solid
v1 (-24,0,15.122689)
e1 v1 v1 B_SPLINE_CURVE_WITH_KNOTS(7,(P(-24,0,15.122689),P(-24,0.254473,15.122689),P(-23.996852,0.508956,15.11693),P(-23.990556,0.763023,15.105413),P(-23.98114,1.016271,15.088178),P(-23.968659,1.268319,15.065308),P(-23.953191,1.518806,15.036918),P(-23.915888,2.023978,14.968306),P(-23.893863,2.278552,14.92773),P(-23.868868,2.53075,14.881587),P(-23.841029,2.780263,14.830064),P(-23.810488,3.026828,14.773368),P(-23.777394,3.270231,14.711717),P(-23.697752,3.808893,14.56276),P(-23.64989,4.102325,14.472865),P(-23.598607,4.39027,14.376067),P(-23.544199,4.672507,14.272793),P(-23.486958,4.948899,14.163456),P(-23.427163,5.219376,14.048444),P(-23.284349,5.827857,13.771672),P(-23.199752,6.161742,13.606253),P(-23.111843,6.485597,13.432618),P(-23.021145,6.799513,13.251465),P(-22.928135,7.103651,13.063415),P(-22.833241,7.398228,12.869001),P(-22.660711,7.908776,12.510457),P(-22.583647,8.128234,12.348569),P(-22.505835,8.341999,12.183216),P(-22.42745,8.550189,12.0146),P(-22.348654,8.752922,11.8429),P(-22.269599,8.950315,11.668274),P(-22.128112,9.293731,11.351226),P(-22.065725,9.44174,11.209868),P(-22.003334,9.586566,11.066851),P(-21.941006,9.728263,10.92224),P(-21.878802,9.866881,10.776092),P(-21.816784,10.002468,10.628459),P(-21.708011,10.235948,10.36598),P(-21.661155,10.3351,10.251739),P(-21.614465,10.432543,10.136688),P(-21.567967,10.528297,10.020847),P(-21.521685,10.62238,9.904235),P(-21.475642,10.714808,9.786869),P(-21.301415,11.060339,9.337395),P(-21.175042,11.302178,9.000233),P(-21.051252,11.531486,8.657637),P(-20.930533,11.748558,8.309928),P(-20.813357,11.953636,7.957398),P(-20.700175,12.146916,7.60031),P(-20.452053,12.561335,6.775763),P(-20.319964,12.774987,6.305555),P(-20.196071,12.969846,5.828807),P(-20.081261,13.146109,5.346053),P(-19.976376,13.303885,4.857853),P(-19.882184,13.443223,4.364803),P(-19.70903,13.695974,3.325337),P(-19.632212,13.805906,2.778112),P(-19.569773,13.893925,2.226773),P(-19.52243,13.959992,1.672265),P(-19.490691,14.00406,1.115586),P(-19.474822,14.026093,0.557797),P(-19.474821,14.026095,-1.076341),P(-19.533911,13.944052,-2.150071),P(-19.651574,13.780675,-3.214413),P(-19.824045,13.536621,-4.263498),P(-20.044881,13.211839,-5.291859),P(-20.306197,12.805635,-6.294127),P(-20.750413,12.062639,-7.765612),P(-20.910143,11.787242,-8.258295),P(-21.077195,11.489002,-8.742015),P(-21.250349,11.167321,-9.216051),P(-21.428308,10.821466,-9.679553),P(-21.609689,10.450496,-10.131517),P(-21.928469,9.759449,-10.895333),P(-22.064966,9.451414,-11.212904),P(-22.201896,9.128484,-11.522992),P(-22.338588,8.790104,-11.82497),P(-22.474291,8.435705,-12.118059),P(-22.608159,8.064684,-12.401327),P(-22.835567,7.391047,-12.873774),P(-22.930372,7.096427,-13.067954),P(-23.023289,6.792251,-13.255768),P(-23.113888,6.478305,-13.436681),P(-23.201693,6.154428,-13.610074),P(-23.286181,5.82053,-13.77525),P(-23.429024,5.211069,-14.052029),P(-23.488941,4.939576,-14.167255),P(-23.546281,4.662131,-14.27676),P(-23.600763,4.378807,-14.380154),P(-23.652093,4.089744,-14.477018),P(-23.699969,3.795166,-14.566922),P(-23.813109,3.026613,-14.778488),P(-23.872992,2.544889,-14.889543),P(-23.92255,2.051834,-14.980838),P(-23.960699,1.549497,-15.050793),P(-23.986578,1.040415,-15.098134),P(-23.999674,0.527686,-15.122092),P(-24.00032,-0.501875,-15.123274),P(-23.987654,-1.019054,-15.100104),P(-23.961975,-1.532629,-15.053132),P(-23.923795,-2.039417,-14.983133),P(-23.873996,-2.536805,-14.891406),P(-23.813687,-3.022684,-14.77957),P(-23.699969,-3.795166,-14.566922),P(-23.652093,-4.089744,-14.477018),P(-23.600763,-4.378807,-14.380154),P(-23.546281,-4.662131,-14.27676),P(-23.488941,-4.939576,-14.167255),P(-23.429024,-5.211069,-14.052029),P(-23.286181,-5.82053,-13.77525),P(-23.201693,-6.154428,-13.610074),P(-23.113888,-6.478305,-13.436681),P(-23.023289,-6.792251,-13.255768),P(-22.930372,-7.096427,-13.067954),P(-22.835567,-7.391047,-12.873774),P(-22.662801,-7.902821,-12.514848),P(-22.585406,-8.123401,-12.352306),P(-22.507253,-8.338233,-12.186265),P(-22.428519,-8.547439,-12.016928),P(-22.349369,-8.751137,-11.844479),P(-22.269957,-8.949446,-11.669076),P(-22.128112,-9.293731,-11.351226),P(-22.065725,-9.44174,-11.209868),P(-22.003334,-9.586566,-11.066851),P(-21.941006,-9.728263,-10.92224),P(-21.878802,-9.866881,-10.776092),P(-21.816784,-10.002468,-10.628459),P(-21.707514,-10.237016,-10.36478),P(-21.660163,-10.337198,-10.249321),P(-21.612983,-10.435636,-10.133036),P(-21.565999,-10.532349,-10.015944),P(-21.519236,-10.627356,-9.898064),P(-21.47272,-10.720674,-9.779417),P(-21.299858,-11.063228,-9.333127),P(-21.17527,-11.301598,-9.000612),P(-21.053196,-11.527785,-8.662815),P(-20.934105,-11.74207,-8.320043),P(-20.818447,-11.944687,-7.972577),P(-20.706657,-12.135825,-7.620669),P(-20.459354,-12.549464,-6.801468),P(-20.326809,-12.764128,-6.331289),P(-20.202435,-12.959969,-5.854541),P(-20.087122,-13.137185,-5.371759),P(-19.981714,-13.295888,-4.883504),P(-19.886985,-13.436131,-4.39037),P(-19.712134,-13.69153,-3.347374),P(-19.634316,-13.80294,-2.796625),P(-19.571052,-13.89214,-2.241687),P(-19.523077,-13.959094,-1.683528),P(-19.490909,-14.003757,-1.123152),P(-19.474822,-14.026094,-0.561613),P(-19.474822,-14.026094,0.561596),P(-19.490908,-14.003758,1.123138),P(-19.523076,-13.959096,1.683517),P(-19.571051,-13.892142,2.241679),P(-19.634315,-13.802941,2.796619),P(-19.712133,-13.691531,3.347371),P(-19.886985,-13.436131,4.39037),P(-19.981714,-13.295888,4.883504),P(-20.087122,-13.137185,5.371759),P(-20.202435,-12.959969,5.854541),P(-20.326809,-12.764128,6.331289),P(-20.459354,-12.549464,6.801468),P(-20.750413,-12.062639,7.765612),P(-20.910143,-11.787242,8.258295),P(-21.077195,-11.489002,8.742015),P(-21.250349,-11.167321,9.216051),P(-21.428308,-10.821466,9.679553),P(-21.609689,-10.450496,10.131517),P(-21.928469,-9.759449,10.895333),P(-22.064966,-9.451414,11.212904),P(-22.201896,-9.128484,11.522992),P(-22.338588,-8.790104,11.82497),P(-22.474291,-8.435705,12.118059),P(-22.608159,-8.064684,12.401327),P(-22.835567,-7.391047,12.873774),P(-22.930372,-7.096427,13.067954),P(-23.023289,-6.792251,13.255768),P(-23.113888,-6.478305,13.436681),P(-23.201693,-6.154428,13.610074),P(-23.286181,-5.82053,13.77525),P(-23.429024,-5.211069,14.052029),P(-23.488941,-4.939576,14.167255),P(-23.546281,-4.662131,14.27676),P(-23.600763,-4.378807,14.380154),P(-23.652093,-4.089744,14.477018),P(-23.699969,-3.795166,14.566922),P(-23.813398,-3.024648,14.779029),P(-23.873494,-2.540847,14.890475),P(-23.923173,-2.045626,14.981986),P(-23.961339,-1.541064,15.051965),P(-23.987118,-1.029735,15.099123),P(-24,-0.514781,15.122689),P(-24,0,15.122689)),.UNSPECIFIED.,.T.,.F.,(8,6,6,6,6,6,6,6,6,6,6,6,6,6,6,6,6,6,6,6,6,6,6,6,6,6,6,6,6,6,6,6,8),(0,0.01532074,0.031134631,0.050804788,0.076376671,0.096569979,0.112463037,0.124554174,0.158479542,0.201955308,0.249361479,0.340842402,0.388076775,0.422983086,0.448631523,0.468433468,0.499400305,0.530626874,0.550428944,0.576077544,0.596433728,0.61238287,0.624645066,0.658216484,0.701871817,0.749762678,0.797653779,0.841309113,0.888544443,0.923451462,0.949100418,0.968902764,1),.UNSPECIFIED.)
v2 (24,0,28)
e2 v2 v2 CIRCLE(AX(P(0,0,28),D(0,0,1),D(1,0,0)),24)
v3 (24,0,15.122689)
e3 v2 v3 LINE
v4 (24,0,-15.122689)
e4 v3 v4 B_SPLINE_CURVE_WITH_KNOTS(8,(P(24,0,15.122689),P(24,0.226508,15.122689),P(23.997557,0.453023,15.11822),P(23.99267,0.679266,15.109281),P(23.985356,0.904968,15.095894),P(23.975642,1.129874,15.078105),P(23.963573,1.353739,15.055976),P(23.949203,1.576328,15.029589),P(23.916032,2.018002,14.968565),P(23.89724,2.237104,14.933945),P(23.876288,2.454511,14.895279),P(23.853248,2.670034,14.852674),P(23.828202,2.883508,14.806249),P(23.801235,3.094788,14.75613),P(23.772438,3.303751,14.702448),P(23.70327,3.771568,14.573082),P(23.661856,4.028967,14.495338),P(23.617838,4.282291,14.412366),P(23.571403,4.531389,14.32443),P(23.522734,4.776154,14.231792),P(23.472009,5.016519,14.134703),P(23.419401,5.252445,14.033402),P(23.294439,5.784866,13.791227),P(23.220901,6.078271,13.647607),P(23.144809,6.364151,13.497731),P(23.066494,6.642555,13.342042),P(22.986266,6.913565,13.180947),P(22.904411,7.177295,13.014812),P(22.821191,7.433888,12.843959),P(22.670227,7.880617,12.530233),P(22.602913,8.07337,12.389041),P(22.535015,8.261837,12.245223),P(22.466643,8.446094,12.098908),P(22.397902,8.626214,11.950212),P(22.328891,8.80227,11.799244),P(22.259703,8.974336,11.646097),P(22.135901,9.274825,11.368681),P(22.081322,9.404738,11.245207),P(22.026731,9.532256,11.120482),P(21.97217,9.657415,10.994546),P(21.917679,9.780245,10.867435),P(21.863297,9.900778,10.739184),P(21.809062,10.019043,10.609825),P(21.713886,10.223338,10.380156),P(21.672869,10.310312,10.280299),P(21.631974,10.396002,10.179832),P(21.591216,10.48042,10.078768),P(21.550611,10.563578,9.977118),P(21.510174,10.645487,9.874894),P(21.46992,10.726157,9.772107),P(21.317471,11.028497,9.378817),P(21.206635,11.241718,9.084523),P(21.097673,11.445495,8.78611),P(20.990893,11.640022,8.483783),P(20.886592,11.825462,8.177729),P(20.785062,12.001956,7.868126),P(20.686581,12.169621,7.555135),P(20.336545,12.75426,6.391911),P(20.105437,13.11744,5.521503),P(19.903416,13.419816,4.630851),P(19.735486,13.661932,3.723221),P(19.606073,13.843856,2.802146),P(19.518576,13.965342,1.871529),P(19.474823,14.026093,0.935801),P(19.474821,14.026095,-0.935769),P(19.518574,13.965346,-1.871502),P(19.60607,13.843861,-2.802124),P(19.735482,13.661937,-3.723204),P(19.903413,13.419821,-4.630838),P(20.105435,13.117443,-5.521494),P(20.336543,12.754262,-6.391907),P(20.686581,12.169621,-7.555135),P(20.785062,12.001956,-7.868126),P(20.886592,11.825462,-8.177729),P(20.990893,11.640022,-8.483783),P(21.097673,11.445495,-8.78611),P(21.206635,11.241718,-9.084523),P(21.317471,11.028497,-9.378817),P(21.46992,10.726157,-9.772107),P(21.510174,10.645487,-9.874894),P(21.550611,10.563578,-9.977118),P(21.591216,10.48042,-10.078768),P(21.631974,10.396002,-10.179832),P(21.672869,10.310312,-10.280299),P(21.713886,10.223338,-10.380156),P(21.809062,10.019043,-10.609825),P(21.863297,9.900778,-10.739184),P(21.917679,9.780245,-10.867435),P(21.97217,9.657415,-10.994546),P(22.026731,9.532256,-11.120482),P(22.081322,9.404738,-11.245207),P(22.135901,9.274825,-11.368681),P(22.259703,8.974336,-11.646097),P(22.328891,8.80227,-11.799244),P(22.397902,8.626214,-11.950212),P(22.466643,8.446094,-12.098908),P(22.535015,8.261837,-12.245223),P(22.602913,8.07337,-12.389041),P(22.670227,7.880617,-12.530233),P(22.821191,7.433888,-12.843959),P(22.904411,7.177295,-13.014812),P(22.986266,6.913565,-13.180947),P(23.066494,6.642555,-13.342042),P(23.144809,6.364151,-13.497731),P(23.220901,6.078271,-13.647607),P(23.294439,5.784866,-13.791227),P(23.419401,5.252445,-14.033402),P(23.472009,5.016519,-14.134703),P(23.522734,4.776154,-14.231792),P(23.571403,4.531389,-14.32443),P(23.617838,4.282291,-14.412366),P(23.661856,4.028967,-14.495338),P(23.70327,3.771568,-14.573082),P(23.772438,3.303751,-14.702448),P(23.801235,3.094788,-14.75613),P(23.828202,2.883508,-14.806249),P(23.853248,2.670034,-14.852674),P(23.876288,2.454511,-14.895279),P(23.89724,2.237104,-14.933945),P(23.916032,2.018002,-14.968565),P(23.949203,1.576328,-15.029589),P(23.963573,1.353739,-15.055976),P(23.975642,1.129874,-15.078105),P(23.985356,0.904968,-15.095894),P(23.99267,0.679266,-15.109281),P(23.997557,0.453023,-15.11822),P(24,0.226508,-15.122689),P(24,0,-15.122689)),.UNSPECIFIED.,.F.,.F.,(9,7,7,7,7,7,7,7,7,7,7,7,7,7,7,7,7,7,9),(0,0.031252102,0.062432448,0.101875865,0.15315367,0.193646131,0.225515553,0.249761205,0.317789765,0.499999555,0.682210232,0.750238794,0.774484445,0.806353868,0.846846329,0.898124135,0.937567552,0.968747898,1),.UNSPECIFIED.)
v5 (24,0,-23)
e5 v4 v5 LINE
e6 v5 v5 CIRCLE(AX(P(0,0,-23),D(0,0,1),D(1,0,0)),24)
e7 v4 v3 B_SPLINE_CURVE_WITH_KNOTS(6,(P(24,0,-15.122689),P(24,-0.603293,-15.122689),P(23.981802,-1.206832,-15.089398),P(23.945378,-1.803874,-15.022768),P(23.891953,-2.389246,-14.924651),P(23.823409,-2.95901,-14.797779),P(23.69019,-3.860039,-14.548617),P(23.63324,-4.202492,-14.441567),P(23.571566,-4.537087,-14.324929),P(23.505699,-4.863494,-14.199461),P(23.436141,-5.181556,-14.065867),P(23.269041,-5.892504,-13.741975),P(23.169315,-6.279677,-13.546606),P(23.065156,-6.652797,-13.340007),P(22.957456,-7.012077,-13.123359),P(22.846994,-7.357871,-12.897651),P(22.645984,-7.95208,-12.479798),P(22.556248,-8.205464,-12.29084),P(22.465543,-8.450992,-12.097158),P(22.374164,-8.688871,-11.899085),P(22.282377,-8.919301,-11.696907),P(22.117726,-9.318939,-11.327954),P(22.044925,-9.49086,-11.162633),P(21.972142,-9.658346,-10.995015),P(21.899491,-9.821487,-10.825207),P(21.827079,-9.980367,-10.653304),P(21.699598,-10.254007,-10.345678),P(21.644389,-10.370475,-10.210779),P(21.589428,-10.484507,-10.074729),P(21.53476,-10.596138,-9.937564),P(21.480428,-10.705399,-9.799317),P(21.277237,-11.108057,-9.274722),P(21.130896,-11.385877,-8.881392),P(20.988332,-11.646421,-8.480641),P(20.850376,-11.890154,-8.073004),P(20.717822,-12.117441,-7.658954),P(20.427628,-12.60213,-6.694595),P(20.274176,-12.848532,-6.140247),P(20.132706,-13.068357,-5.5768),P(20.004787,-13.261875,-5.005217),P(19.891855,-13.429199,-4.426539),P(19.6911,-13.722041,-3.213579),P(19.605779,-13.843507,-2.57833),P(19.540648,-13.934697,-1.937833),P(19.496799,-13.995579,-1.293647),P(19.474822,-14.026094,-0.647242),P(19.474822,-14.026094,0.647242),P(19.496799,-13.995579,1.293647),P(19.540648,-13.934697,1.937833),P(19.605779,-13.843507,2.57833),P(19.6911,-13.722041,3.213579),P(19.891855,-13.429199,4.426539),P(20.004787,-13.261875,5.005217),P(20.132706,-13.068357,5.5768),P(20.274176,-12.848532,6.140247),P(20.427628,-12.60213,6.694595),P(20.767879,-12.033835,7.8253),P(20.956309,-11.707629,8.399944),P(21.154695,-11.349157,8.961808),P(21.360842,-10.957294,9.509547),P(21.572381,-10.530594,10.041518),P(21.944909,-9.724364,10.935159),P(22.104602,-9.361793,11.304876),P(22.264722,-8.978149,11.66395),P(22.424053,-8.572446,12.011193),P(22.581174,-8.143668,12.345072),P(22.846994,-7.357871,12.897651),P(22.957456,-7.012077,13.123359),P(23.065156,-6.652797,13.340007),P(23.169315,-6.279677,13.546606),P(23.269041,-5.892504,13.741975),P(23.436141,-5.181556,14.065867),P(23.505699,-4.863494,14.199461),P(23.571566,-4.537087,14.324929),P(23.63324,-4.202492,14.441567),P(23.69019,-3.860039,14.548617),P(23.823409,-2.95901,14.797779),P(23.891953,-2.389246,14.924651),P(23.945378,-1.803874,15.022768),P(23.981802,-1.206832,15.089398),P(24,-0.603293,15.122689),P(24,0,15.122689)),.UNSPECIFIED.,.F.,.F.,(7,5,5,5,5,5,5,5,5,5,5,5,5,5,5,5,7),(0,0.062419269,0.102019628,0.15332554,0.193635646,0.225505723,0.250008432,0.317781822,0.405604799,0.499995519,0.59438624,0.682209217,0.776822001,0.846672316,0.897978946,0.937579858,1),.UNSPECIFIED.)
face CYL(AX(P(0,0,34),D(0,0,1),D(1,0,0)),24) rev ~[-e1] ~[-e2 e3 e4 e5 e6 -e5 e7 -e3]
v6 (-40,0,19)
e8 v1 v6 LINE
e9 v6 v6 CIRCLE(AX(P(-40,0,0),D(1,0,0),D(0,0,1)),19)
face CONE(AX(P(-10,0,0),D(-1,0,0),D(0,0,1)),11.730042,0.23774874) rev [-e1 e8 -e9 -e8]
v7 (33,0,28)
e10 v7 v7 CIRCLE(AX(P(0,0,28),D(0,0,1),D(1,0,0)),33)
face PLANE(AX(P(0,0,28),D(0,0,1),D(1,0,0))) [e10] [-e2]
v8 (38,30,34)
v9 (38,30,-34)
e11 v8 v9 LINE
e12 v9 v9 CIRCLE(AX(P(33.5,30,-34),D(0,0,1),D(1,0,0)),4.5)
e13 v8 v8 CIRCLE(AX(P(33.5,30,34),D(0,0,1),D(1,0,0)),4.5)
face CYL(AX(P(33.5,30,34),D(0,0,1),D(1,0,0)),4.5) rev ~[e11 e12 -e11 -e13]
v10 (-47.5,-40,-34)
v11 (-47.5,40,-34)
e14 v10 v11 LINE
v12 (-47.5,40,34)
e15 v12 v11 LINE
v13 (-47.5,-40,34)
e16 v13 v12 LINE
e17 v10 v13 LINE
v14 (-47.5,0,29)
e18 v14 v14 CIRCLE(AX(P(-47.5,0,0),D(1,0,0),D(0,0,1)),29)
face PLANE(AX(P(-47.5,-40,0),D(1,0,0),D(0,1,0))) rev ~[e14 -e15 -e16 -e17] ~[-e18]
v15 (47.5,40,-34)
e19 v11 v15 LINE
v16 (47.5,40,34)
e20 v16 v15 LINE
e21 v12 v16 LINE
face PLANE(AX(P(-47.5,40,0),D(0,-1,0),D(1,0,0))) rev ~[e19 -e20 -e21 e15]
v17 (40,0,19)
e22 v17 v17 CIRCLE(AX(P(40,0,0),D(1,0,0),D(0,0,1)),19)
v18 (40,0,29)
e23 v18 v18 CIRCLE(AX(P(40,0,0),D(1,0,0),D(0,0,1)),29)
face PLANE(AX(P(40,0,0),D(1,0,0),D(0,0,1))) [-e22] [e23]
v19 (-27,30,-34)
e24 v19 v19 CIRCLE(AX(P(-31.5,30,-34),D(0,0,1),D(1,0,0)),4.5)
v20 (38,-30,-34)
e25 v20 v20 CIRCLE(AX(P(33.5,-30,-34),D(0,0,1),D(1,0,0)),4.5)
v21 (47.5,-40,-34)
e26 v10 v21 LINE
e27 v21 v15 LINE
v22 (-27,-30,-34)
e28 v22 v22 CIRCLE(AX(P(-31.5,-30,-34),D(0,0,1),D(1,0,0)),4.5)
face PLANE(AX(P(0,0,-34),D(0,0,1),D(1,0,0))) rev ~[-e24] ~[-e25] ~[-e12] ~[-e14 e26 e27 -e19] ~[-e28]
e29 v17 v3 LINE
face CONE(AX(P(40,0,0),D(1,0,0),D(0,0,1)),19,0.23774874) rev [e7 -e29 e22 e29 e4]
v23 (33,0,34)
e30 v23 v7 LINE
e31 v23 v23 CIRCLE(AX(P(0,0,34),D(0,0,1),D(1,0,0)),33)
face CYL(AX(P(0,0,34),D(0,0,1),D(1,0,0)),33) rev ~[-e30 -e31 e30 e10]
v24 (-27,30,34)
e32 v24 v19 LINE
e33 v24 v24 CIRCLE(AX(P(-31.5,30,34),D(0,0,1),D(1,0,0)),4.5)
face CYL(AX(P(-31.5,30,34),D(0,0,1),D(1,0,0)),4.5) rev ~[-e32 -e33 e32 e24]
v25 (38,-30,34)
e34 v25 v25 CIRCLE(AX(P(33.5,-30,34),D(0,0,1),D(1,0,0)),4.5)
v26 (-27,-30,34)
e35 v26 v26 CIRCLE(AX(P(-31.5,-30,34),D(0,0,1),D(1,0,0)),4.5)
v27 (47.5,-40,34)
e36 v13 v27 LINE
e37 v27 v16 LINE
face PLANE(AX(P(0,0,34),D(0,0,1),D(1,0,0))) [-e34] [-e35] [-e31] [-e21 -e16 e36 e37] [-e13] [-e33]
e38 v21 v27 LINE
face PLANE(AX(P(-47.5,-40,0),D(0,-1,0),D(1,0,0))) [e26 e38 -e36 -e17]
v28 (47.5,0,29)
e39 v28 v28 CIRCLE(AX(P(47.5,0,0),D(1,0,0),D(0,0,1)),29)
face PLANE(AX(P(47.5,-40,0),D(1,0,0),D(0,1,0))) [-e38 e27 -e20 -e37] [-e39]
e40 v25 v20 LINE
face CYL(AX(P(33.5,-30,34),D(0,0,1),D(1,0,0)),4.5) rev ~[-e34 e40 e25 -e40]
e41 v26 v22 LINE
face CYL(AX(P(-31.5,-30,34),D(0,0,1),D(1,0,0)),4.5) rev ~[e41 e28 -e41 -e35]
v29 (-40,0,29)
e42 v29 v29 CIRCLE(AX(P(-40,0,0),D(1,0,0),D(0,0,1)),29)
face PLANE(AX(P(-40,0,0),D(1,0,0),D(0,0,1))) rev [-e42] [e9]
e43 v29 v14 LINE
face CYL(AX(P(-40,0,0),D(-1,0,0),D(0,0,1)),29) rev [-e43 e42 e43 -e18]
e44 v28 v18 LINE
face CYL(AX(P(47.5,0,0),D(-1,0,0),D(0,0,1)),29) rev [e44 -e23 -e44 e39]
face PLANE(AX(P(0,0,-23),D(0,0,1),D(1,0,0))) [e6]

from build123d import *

# Parameters (mm, degrees)
F0_W     = 95
F0_H     = 80
F1_DEPTH = 34
F4_R     = 4.5
F5_DEPTH = 68
F4_R_2   = 24
F6_DEPTH = 57
F4_R_3   = 33
F7_DEPTH = 6


with BuildPart() as f1:
    # F0 (on Top) → F1 (new body, symmetric)
    with BuildSketch(Plane.XY):
        Rectangle(F0_W, F0_H)
    extrude(amount=F1_DEPTH, both=True)

    # F2 (on Front) → F3 (revolve, cut)
    with BuildSketch(Plane.XZ):
        Polygon((47.5, 0), (47.5, 29), (40, 29), (40, 19), (10, 11.730042), (-10, 11.730042), (-40, 19), (-40, 29), (-47.5, 29), (-47.5, 0), align=None)
    revolve(axis=Axis((-0.459014, 0, 0), (1, 0, 0)), mode=Mode.SUBTRACT)

    # F4 (on face) → F5 (cut)
    with BuildSketch(Plane.XY.offset(34)):
        with Locations((-31.5, 30)):
            Circle(F4_R)
        with Locations((33.5, 30)):
            Circle(F4_R)
        with Locations((-31.5, -30)):
            Circle(F4_R)
        with Locations((33.5, -30)):
            Circle(F4_R)
    extrude(amount=-F5_DEPTH, mode=Mode.SUBTRACT)

    # F4 (on face) → F6 (cut)
    with BuildSketch(Plane.XY.offset(34)):
        Circle(F4_R_2)
    extrude(amount=-F6_DEPTH, mode=Mode.SUBTRACT)

    # F4 (on face) → F7 (cut)
    with BuildSketch(Plane.XY.offset(34)):
        Circle(F4_R_3)
        Circle(F4_R_2, mode=Mode.SUBTRACT)
    extrude(amount=-F7_DEPTH, mode=Mode.SUBTRACT)


solid = f1.part
